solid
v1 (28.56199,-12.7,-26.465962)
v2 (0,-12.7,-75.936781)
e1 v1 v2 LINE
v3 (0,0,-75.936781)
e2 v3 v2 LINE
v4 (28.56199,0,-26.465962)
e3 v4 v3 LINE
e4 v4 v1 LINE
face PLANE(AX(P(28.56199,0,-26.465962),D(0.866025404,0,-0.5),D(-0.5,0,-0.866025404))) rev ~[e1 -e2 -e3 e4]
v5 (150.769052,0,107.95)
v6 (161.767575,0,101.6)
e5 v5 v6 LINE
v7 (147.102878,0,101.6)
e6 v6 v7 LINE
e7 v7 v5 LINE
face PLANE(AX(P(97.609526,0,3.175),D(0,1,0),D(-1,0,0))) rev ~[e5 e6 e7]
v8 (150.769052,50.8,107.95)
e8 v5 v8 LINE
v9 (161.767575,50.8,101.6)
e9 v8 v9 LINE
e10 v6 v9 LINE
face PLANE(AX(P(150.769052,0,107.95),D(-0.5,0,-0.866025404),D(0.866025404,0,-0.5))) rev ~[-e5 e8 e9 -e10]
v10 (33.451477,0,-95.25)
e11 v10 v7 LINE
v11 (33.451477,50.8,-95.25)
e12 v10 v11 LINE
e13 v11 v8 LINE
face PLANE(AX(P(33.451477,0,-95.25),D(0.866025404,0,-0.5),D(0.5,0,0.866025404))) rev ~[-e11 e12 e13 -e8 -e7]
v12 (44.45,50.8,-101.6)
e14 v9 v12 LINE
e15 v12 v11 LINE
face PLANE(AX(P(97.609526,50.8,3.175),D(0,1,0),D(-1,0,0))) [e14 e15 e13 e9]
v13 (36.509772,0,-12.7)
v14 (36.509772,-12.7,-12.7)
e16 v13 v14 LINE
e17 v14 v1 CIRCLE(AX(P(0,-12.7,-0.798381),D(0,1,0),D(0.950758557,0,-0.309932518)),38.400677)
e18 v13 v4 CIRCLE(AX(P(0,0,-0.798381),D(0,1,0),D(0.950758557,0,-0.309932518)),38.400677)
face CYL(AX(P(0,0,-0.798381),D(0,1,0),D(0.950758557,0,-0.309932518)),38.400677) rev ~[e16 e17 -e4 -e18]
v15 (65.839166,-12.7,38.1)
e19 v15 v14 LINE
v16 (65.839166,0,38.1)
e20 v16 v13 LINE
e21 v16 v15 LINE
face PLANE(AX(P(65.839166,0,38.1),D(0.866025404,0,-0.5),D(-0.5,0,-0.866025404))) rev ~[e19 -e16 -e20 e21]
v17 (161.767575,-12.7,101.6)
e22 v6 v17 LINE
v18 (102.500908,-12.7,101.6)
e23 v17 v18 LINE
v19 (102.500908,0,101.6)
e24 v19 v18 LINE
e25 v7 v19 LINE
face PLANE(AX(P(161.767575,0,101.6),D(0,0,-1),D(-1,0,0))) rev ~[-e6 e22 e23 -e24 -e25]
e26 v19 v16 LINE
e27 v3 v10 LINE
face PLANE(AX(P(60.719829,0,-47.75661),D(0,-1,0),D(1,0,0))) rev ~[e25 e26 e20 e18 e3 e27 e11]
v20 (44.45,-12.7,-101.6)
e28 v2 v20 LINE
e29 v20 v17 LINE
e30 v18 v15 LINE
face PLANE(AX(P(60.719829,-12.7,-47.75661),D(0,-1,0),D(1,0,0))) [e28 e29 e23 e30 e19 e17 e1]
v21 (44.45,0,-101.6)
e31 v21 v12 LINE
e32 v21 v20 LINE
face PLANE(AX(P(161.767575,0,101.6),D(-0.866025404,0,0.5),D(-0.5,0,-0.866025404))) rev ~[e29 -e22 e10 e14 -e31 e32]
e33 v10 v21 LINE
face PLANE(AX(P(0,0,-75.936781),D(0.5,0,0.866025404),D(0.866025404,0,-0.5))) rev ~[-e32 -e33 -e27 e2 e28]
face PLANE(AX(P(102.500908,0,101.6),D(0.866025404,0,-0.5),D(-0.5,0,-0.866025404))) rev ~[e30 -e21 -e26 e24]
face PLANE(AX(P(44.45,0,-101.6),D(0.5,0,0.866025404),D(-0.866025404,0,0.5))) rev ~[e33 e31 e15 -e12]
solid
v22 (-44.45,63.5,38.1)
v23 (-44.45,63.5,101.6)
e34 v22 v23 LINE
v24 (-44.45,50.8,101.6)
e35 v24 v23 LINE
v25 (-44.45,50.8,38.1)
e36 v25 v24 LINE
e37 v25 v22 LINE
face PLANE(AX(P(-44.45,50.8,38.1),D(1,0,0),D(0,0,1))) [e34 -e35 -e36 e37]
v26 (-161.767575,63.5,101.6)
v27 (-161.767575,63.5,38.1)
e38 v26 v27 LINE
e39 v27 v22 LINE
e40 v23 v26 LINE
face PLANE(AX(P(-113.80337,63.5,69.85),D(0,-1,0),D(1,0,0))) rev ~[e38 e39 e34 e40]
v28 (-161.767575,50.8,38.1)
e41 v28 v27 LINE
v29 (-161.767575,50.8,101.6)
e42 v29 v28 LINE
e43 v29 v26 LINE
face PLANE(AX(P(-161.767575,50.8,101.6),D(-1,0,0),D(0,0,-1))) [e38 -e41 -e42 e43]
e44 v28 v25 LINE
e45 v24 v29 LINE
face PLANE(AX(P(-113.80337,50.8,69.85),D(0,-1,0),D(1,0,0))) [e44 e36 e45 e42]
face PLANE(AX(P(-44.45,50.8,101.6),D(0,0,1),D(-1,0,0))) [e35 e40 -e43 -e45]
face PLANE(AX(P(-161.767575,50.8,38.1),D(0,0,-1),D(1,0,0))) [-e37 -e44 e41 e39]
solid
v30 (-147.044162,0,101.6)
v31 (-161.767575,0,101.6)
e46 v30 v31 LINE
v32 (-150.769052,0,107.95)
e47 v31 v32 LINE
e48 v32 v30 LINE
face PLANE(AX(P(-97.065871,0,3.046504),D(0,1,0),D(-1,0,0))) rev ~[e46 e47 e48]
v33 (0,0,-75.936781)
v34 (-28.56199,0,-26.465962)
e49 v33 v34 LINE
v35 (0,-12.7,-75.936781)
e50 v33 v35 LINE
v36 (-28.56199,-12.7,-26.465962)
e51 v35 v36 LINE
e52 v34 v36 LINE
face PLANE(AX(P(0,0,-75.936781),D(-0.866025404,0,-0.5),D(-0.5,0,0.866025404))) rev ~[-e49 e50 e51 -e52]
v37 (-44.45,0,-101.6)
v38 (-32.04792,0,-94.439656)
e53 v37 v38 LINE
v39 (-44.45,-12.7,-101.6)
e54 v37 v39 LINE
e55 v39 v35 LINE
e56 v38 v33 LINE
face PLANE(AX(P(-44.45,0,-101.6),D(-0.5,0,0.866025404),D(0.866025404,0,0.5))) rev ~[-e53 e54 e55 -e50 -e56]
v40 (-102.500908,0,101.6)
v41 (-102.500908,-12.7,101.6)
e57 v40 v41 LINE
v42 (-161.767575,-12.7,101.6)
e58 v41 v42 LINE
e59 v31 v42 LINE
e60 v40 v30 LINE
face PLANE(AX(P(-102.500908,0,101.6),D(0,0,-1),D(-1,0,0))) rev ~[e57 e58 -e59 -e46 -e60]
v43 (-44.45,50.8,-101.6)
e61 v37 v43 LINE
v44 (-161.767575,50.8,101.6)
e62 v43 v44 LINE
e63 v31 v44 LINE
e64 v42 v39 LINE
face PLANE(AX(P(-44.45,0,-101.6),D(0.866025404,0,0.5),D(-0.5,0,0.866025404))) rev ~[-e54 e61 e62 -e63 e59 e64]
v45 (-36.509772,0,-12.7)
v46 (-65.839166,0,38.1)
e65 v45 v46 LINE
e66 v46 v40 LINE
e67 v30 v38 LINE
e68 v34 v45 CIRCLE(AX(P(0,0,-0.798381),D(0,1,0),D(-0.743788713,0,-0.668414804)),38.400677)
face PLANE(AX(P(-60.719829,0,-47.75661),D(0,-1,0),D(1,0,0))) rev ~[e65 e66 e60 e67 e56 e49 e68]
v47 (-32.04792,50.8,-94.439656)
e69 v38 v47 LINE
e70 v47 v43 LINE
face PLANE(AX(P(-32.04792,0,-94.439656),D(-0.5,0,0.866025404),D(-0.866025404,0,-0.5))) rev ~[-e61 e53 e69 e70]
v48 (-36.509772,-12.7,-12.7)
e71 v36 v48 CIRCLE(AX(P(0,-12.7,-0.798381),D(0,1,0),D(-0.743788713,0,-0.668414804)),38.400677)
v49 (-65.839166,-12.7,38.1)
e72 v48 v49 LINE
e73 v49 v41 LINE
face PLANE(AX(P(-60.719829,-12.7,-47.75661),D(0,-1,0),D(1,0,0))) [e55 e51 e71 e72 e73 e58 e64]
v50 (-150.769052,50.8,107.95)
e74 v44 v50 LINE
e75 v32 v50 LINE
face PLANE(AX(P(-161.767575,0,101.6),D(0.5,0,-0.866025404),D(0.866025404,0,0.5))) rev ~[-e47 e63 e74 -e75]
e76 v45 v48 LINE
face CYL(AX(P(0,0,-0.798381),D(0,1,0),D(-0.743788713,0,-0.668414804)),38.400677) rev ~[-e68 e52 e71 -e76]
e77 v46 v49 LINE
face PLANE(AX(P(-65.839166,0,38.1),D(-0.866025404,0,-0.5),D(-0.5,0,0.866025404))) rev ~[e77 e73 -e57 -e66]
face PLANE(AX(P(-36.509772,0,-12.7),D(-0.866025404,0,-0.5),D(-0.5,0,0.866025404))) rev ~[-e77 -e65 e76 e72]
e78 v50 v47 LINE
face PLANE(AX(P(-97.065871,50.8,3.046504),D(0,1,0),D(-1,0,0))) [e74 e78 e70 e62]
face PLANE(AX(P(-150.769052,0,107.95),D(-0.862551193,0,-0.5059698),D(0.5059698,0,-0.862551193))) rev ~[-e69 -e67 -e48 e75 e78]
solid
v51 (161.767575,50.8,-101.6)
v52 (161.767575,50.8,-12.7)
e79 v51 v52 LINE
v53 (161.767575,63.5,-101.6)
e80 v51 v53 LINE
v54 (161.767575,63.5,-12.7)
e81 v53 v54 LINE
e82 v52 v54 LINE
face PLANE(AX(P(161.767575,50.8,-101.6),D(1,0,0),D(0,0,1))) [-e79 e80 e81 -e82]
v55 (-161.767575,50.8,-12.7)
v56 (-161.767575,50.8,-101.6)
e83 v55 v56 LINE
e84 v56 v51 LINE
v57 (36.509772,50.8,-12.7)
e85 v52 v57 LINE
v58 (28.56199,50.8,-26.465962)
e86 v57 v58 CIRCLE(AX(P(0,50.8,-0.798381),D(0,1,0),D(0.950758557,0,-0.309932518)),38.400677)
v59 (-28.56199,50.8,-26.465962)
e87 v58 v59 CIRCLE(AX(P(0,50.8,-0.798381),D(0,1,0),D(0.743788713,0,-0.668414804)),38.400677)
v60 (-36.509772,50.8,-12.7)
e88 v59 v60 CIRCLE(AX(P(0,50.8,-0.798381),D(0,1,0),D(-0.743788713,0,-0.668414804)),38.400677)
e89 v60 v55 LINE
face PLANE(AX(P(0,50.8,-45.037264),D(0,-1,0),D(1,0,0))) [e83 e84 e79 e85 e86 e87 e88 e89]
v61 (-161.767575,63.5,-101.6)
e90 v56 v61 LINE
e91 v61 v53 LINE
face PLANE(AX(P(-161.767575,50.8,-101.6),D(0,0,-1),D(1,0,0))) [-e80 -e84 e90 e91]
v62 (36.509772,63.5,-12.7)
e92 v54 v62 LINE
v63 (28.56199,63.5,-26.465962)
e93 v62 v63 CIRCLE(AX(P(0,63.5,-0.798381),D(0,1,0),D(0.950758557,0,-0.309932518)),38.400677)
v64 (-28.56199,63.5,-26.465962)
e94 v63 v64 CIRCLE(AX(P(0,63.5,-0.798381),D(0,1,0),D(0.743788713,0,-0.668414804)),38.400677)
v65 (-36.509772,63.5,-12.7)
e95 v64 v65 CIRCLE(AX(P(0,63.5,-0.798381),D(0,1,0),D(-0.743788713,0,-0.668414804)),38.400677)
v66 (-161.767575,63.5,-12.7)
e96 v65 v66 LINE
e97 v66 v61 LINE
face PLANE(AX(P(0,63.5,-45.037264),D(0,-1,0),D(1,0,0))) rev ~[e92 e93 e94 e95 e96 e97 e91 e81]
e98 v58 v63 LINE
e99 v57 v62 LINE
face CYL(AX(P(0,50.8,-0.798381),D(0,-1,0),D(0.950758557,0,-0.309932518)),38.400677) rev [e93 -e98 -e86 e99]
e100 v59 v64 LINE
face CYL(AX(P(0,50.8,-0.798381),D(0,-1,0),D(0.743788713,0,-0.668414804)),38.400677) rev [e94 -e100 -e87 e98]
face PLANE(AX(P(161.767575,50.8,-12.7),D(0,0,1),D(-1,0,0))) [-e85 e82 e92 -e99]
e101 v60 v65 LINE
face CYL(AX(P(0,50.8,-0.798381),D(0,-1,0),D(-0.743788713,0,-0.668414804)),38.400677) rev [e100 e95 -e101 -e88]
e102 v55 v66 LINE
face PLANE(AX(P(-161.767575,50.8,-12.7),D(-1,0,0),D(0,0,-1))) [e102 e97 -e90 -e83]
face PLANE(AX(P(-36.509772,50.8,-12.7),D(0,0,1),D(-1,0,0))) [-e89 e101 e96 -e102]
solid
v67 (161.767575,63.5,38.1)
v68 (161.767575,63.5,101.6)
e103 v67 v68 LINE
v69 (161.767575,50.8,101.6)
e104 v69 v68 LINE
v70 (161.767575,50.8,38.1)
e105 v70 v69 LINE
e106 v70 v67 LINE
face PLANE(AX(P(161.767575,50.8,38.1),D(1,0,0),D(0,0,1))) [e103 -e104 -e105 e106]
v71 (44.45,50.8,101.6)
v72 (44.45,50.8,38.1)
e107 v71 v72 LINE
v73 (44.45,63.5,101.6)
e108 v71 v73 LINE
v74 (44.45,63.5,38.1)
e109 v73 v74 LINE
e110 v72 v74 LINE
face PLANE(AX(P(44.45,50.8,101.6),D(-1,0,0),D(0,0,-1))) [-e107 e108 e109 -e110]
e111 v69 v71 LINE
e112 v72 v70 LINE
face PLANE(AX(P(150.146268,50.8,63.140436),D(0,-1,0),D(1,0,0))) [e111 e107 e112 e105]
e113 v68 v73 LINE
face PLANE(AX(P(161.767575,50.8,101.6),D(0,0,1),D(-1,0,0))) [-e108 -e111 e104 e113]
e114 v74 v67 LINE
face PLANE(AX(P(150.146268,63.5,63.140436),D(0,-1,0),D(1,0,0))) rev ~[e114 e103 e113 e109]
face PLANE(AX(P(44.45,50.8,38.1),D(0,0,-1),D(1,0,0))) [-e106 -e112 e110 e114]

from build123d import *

# Parameters (mm, degrees)
F1_DEPTH = 12.7
F3_DEPTH = 50.8
F5_DEPTH = 50.8
F8_START = -50.8
F8_DEPTH = 12.7


with BuildPart() as f1:
    # F0 (on Front) → F1 (new body)
    with BuildSketch(Plane.XZ):
        Polygon((95.776438931, -12.7), (44.45, -12.7), (44.45, -101.6), align=None)
        Polygon((65.8391659391, 38.1), (44.45, 1.0528778619), (44.45, -12.7), (95.776438931, -12.7), (125.1058326058, 38.1), align=None)
        Polygon((161.7675746993, 101.6), (102.5009080327, 101.6), (65.8391659391, 38.1), (125.1058326058, 38.1), align=None)
        with BuildLine():
            Line((44.45, -101.6), (44.45, -12.7))
            Line((44.45, -12.7), (36.5097722643, -12.7))
            ThreePointArc((36.5097722643, -12.7), (33.2559618085, -19.9987199729), (28.5619901248, -26.4659624732))
            Line((28.5619901248, -26.4659624732), (0, -75.9367805345))
            Line((0, -75.9367805345), (44.45, -101.6))
        make_face()
        Polygon((44.45, -12.7), (44.45, 1.0528778619), (36.5097722643, -12.7), align=None)
    extrude(amount=F1_DEPTH)

    # F4 (on face) → F5 (join)
    with BuildSketch(Plane(origin=(0, 0, 0), x_dir=(-1, 0, 0), z_dir=(0, 1, 0))):
        Polygon((-150.7690520713, 107.95), (-161.7675746993, 101.6), (-44.45, -101.6), (-33.4514773719, -95.25), align=None)
    extrude(amount=F5_DEPTH)


with BuildPart() as f1b:
    # F0 (on Front) → F1, piece 2 (new body)
    with BuildSketch(Plane.XZ):
        Polygon((-44.45, -101.6), (-44.45, -12.7), (-95.776438931, -12.7), align=None)
        Polygon((-44.45, -12.7), (-44.45, 1.0528778619), (-65.8391659391, 38.1), (-125.1058326058, 38.1), (-95.776438931, -12.7), align=None)
        Polygon((-65.8391659391, 38.1), (-102.5009080327, 101.6), (-103.1087873497, 101.6), (-161.7675746993, 101.6), (-125.1058326058, 38.1), align=None)
        with BuildLine():
            Line((-36.5097722643, -12.7), (-44.45, -12.7))
            Line((-44.45, -12.7), (-44.45, -101.6))
            Line((-44.45, -101.6), (0, -75.9367805345))
            Line((0, -75.9367805345), (-28.5619901248, -26.4659624732))
            ThreePointArc((-28.5619901248, -26.4659624732), (-33.2559618085, -19.9987199729), (-36.5097722643, -12.7))
        make_face()
        Polygon((-36.5097722643, -12.7), (-44.45, 1.0528778619), (-44.45, -12.7), align=None)
    extrude(amount=F1_DEPTH)

    # F2 (on face) → F3 (join)
    with BuildSketch(Plane(origin=(0, 0, 0), x_dir=(-1, 0, 0), z_dir=(0, 1, 0))):
        Polygon((44.45, -101.6), (161.7675746993, 101.6), (150.7690520713, 107.95), (32.047920336, -94.4396559675), align=None)
    extrude(amount=F3_DEPTH)


with BuildPart() as f8:
    # F0 (on Front) → F8 (new body)
    with BuildSketch(Plane.XZ.offset(F8_START)):
        Polygon((161.7675746993, 38.1), (161.7675746993, 101.6), (125.1058326058, 38.1), align=None)
        Polygon((102.5009080327, 101.6), (44.45, 101.6), (44.45, 38.1), (65.8391659391, 38.1), align=None)
        Polygon((161.7675746993, 101.6), (102.5009080327, 101.6), (65.8391659391, 38.1), (125.1058326058, 38.1), align=None)
    extrude(amount=-F8_DEPTH)


with BuildPart() as f8b:
    # F0 (on Front) → F8, piece 2 (new body)
    with BuildSketch(Plane.XZ.offset(F8_START)):
        with BuildLine():
            Line((0, -75.9367805345), (28.5619901248, -26.4659624732))
            ThreePointArc((28.5619901248, -26.4659624732), (0, -39.1990584752), (-28.5619901248, -26.4659624732))
            Line((-28.5619901248, -26.4659624732), (0, -75.9367805345))
        make_face()
        Polygon((-44.45, -101.6), (44.45, -101.6), (0, -75.9367805345), align=None)
        Polygon((95.776438931, -12.7), (44.45, -101.6), (161.7675746993, -101.6), (161.7675746993, -12.7), align=None)
        Polygon((95.776438931, -12.7), (44.45, -12.7), (44.45, -101.6), align=None)
        Polygon((-161.7675746993, -101.6), (-44.45, -101.6), (-95.776438931, -12.7), (-161.7675746993, -12.7), align=None)
        with BuildLine():
            Line((-36.5097722643, -12.7), (-44.45, -12.7))
            Line((-44.45, -12.7), (-44.45, -101.6))
            Line((-44.45, -101.6), (0, -75.9367805345))
            Line((0, -75.9367805345), (-28.5619901248, -26.4659624732))
            ThreePointArc((-28.5619901248, -26.4659624732), (-33.2559618085, -19.9987199729), (-36.5097722643, -12.7))
        make_face()
        Polygon((-44.45, -101.6), (-44.45, -12.7), (-95.776438931, -12.7), align=None)
        with BuildLine():
            Line((44.45, -101.6), (44.45, -12.7))
            Line((44.45, -12.7), (36.5097722643, -12.7))
            ThreePointArc((36.5097722643, -12.7), (33.2559618085, -19.9987199729), (28.5619901248, -26.4659624732))
            Line((28.5619901248, -26.4659624732), (0, -75.9367805345))
            Line((0, -75.9367805345), (44.45, -101.6))
        make_face()
    extrude(amount=-F8_DEPTH)


with BuildPart() as f8c:
    # F0 (on Front) → F8, piece 3 (new body)
    with BuildSketch(Plane.XZ.offset(F8_START)):
        Polygon((-65.8391659391, 38.1), (-102.5009080327, 101.6), (-103.1087873497, 101.6), (-161.7675746993, 101.6), (-125.1058326058, 38.1), align=None)
        Polygon((-44.45, 38.1), (-44.45, 101.6), (-102.5009080327, 101.6), (-65.8391659391, 38.1), align=None)
        Polygon((-161.7675746993, 38.1), (-125.1058326058, 38.1), (-161.7675746993, 101.6), align=None)
    extrude(amount=-F8_DEPTH)


solid = Compound([f1.part, f1b.part, f8.part, f8b.part, f8c.part])
